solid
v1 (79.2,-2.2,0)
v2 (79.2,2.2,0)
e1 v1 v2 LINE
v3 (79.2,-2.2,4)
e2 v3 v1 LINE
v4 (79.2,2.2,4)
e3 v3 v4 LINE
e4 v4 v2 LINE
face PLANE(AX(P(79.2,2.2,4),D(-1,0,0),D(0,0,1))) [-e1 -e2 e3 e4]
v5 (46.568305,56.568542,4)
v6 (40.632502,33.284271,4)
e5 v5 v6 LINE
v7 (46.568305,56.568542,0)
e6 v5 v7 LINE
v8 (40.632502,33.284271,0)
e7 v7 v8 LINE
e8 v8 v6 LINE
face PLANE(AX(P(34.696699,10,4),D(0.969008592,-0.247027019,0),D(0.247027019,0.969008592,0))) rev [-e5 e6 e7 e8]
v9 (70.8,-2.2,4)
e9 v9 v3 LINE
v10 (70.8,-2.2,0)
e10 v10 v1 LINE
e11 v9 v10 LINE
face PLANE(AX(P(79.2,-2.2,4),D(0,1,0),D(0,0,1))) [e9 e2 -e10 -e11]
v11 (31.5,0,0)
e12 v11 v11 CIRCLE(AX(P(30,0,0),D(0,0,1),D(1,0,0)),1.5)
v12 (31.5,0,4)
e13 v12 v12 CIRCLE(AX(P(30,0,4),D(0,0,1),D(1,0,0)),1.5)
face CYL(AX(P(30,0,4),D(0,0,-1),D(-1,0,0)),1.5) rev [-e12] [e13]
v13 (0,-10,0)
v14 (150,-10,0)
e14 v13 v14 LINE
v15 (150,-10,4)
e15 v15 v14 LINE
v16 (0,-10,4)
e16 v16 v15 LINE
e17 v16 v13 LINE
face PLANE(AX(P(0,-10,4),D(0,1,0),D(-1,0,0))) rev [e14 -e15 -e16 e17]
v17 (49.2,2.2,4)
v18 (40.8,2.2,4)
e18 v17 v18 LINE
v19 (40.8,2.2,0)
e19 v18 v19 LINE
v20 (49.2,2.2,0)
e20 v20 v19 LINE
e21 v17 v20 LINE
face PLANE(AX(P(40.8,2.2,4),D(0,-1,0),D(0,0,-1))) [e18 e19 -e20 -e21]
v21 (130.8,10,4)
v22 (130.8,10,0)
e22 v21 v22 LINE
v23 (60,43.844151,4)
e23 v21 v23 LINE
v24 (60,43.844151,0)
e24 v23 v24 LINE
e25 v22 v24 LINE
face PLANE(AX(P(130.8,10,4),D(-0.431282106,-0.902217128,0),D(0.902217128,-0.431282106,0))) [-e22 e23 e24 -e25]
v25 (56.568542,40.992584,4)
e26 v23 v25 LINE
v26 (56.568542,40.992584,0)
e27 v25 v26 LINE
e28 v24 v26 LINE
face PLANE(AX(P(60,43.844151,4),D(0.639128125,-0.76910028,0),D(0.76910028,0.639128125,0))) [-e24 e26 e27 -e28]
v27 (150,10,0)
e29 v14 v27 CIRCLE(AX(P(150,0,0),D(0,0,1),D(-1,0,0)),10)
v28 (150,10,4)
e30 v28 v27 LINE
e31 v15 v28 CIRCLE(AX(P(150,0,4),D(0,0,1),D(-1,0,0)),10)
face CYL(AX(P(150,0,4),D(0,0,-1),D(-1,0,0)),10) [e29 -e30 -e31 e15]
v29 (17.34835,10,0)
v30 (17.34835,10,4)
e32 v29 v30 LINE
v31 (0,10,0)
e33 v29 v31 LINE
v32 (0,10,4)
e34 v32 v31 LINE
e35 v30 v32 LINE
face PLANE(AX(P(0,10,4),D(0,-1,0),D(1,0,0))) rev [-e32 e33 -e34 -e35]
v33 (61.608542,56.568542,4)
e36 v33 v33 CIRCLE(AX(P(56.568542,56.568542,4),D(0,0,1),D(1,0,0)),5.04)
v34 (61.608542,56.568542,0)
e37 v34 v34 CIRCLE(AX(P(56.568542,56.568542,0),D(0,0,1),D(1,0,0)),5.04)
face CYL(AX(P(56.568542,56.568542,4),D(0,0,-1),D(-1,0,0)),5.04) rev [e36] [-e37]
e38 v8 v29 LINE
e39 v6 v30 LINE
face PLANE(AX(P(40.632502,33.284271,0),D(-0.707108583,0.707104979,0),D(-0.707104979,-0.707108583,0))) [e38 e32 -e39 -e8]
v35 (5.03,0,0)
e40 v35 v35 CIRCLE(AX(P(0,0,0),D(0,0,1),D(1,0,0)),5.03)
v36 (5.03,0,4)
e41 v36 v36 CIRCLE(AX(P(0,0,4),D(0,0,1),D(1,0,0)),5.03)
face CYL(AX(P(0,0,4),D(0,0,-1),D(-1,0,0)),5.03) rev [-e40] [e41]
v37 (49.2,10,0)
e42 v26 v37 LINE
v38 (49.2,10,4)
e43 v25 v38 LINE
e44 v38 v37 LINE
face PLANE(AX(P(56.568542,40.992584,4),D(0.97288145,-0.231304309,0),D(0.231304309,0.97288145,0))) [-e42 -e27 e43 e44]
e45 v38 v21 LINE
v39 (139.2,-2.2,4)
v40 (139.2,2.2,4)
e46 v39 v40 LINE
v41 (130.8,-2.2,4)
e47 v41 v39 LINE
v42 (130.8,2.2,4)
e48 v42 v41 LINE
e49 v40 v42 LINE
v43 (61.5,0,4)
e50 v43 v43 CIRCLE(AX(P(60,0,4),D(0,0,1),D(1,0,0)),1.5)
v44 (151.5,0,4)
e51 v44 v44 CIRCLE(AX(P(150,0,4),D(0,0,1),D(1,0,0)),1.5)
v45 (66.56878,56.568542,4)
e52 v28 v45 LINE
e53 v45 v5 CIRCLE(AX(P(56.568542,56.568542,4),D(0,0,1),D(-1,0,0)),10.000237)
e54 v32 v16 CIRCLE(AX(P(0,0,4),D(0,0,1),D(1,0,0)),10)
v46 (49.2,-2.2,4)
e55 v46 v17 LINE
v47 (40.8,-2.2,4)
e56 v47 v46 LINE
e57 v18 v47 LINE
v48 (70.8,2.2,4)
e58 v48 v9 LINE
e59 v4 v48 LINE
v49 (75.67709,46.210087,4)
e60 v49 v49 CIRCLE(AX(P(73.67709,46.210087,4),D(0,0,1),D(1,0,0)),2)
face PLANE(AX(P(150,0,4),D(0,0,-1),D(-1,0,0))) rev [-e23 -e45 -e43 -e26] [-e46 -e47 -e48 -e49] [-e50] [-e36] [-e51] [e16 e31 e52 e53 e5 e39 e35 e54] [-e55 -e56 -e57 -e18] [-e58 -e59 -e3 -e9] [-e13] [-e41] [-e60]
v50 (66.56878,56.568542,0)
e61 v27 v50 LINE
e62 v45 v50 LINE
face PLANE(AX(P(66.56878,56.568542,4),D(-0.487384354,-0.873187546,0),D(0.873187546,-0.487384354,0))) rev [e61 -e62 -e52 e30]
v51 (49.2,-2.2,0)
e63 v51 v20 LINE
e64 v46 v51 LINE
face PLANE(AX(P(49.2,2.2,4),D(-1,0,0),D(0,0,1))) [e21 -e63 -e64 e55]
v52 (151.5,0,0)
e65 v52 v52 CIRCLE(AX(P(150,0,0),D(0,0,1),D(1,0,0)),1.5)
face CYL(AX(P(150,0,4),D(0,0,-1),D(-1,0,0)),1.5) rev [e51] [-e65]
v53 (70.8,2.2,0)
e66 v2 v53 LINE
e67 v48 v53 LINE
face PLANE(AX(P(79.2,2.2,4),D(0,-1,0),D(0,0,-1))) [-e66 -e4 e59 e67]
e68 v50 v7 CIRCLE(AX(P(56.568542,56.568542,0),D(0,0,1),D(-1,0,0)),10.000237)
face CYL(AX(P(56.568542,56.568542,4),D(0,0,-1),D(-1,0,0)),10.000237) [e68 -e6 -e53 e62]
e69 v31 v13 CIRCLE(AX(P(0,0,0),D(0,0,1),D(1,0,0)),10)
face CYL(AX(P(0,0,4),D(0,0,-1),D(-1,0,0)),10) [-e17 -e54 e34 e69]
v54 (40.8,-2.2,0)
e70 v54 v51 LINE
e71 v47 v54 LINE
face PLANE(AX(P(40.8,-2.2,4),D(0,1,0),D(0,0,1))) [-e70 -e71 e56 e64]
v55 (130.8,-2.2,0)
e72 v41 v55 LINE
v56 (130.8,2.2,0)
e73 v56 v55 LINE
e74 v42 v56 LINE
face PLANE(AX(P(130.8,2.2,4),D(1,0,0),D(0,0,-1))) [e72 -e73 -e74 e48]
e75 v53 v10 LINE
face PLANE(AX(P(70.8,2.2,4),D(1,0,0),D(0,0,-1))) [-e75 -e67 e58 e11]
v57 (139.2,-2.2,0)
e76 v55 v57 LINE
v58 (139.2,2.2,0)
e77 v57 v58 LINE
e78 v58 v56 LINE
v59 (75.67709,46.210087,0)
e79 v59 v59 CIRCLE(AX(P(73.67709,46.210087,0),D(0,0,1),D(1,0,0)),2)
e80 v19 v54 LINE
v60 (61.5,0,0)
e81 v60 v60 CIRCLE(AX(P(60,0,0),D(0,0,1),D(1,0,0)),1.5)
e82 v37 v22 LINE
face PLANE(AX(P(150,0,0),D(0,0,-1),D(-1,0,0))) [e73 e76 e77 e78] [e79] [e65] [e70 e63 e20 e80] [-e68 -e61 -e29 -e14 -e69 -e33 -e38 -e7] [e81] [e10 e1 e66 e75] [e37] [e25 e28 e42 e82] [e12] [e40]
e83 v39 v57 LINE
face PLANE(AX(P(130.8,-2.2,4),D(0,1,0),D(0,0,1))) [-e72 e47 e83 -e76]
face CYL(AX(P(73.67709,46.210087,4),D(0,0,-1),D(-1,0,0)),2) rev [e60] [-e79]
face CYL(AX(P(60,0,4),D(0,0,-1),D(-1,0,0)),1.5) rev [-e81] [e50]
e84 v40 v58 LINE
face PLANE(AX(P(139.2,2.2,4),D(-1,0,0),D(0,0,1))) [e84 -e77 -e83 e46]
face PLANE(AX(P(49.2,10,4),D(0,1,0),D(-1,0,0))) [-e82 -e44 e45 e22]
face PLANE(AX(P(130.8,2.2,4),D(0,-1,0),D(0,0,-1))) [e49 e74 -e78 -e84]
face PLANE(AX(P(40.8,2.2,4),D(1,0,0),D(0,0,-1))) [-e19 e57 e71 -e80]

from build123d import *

# Parameters (mm, degrees)
SKETCH_1_R      = 5.03
SKETCH_1_R_2    = 5.04
SKETCH_1_R_3    = 1.5
SKETCH_1_R_4    = 2
SKETCH_1_W      = 8.4
SKETCH_1_H      = 4.4
EXTRUDE_1_DEPTH = 4
EXTRUDE_2_DEPTH = 4


with BuildPart() as part:
    # 草图1 → 凸台-拉伸1 (new body)
    with BuildSketch(Plane.XY):
        with BuildLine():
            Line((0, 10), (34.696699141, 10))
            Line((34.696699141, 10), (46.568305139, 56.568542495))
            ThreePointArc((46.568305139, 56.568542495), (56.568542495, 66.568779851), (66.568779851, 56.568542495))
            Line((66.568779851, 56.568542495), (150, 10))
            ThreePointArc((150, 10), (160, 0), (150, -10))
            Line((150, -10), (0, -10))
            ThreePointArc((0, -10), (-10, 0), (0, 10))
        make_face()
        Circle(SKETCH_1_R, mode=Mode.SUBTRACT)
        with Locations((56.568542495, 56.568542495)):
            Circle(SKETCH_1_R_2, mode=Mode.SUBTRACT)
        with Locations((30, 0)):
            Circle(SKETCH_1_R_3, mode=Mode.SUBTRACT)
        with Locations((60, 0)):
            Circle(SKETCH_1_R_3, mode=Mode.SUBTRACT)
        with Locations((150, 0)):
            Circle(SKETCH_1_R_3, mode=Mode.SUBTRACT)
        with Locations((73.677090033, 46.210086957)):
            Circle(SKETCH_1_R_4, mode=Mode.SUBTRACT)
        with Locations((75, 0)):
            Rectangle(SKETCH_1_W, SKETCH_1_H, mode=Mode.SUBTRACT)
        with Locations((45, 0)):
            Rectangle(SKETCH_1_W, SKETCH_1_H, mode=Mode.SUBTRACT)
        with Locations((135, 0)):
            Rectangle(SKETCH_1_W, SKETCH_1_H, mode=Mode.SUBTRACT)
        Polygon((56.568542495, 40.992584384), (49.2, 10), (130.8, 10), (60, 43.844151412), align=None, mode=Mode.SUBTRACT)
    extrude(amount=EXTRUDE_1_DEPTH)

    # 草图2 → 凸台-拉伸2 (add)
    with BuildSketch(Plane.XY.offset(4)):
        Polygon((34.696699141, 10), (40.63250214, 33.284271247), (17.348349571, 10), align=None)
    extrude(amount=-EXTRUDE_2_DEPTH)


solid = part.part
